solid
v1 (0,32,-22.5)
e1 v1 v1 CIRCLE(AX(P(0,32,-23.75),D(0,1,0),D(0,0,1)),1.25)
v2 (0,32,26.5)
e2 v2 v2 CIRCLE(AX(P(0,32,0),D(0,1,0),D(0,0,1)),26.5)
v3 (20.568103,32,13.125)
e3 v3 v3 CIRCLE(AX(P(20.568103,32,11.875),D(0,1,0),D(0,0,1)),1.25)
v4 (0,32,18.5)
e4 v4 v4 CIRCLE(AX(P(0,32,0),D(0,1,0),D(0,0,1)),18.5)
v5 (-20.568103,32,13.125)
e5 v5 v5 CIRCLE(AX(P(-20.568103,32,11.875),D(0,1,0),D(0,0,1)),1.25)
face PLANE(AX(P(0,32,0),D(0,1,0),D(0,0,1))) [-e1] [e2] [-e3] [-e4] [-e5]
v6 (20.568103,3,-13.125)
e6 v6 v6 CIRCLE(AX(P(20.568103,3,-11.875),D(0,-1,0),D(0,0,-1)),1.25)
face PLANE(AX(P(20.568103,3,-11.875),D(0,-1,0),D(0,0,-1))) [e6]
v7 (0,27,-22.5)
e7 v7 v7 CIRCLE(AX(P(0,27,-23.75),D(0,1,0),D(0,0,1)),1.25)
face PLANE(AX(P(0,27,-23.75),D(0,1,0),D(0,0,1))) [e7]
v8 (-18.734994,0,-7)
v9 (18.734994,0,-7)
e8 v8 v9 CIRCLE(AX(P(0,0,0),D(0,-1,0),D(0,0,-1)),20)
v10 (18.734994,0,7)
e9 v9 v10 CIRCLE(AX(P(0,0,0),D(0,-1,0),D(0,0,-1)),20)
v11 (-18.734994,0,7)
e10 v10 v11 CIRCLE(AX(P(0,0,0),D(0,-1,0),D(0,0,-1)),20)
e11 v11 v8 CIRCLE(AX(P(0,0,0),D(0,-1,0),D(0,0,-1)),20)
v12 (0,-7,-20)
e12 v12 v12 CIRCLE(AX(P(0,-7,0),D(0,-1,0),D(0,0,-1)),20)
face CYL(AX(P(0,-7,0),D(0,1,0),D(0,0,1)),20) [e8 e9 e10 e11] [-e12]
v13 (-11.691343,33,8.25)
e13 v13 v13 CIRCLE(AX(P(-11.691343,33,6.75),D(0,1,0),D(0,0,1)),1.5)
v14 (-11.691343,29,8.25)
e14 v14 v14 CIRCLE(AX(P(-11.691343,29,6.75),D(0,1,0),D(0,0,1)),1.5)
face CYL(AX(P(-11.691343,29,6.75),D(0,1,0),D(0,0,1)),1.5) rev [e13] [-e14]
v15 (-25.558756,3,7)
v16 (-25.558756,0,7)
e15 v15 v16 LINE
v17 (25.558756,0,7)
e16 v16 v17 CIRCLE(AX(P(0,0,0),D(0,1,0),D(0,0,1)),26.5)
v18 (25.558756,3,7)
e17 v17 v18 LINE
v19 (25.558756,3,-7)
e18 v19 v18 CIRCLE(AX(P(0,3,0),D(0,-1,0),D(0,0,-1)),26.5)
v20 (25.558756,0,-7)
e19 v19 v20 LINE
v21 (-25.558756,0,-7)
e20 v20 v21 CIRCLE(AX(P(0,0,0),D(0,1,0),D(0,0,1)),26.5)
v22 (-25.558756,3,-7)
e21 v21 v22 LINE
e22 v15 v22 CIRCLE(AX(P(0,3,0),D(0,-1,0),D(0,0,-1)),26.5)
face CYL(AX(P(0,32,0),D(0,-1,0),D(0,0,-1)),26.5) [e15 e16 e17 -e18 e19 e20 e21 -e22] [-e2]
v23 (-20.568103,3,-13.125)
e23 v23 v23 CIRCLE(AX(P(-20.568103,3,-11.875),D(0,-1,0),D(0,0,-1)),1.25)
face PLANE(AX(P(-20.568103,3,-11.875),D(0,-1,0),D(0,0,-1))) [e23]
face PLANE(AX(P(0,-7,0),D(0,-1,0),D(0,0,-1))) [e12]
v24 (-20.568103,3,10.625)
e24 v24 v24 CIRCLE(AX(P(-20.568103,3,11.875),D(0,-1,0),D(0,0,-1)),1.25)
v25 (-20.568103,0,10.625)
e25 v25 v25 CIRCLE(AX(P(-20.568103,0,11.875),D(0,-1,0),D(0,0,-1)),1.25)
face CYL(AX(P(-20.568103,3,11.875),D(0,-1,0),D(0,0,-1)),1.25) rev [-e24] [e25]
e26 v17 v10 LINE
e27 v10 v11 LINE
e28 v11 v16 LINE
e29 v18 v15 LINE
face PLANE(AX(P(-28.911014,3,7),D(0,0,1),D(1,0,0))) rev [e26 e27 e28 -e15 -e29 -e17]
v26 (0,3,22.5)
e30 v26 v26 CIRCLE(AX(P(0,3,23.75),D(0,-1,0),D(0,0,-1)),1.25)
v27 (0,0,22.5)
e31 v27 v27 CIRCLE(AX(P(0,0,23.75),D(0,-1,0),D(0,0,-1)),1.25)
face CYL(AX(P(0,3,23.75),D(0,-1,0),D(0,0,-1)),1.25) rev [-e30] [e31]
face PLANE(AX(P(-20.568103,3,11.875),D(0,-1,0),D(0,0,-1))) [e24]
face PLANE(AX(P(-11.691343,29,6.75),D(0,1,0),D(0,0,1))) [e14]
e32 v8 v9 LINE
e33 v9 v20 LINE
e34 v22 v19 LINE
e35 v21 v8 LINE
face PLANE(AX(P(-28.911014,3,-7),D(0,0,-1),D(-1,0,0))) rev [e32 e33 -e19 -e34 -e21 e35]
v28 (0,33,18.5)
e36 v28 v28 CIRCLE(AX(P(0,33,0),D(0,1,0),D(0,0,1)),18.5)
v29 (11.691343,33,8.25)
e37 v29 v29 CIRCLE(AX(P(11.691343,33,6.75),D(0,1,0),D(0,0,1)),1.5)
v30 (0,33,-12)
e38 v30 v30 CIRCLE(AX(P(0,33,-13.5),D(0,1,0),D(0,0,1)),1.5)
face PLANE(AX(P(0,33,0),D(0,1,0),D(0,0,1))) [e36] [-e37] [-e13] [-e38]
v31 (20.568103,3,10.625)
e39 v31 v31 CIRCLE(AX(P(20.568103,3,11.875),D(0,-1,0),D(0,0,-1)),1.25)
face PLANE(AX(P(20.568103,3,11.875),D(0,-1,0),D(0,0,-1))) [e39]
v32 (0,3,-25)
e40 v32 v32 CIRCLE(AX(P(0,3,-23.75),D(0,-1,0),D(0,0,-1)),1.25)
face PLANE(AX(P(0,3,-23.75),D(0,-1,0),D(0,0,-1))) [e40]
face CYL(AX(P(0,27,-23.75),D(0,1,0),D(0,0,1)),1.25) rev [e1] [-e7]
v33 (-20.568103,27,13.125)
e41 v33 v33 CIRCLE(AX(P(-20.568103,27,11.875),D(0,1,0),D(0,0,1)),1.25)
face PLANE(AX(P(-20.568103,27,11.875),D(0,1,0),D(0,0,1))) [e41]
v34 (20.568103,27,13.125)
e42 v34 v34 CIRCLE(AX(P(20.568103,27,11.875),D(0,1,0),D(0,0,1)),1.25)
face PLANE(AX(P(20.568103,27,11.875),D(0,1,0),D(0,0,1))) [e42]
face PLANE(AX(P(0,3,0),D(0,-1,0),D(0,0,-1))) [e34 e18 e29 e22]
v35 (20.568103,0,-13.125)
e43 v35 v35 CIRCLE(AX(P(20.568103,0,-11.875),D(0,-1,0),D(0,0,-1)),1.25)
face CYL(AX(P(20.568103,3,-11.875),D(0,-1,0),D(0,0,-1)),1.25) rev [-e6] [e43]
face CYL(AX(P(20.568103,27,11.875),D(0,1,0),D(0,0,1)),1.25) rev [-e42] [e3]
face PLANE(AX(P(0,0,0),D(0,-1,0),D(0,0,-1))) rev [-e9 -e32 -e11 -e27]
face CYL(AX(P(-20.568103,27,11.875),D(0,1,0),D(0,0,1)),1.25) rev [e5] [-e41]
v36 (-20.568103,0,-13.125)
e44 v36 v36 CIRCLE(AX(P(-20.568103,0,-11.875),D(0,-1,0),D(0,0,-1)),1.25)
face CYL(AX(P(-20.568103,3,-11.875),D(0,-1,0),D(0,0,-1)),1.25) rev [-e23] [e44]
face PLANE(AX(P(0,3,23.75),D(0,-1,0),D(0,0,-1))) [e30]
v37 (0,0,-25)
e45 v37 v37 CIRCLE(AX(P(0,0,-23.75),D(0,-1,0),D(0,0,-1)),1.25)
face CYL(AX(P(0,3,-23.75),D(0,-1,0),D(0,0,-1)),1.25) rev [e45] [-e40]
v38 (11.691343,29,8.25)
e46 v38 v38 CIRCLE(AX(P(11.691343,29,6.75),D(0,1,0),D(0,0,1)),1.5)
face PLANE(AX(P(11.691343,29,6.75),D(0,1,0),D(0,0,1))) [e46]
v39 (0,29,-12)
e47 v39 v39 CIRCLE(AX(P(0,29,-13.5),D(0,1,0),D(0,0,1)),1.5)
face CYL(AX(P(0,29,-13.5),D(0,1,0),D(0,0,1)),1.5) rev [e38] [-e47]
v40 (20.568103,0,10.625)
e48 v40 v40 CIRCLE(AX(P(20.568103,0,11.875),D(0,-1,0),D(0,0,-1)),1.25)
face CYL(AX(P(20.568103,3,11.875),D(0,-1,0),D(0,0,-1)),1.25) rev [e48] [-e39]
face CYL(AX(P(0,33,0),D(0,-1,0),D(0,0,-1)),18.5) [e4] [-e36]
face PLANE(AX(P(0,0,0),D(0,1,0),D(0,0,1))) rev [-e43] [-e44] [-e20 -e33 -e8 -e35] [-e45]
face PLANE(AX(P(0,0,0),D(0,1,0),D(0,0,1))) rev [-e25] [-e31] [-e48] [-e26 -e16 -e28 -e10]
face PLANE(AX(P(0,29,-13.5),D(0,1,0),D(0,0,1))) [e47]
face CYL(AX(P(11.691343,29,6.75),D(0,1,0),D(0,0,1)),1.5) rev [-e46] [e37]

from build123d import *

# Parameters (mm, degrees)
SKETCH1_R           = 26.5
BOSS_EXTRUDE1_DEPTH = 32
SKETCH2_R           = 20
BOSS_EXTRUDE2_DEPTH = 7
SKETCH3_R           = 18.5
BOSS_EXTRUDE3_DEPTH = 1
SKETCH4_R           = 1.25
CUT_EXTRUDE1_DEPTH  = 3
SKETCH5_R           = 1.5
CUT_EXTRUDE2_DEPTH  = 4
CUT_EXTRUDE3_START  = -5
SKETCH6_R           = 1.25
CUT_EXTRUDE3_DEPTH  = 5
SKETCH7_W           = 60.119067385
SKETCH7_H           = 14
CUT_EXTRUDE4_DEPTH  = 3


with BuildPart() as part:
    # Sketch1 → Boss-Extrude1 (new body)
    with BuildSketch(Plane(origin=(0, 0, 0), x_dir=(1, 0, 0), z_dir=(0, 1, 0))):
        with Locations(Location((0, 0, 0), (0, 0, 270))):
            Circle(SKETCH1_R)
    extrude(amount=BOSS_EXTRUDE1_DEPTH)

    # Sketch2 → Boss-Extrude2 (add)
    with BuildSketch(Plane.XZ):
        with Locations(Location((0, 0, 0), (0, 0, 270))):
            Circle(SKETCH2_R)
    extrude(amount=BOSS_EXTRUDE2_DEPTH)

    # Sketch3 → Boss-Extrude3 (add)
    with BuildSketch(Plane(origin=(0, 32, 0), x_dir=(1, 0, 0), z_dir=(0, 1, 0))):
        with Locations(Location((0, 0, 0), (0, 0, 270))):
            Circle(SKETCH3_R)
    extrude(amount=BOSS_EXTRUDE3_DEPTH)

    # Sketch4 → Cut-Extrude1 (cut)
    with BuildSketch(Plane.XZ):
        with Locations(Location((0, 23.75, 0), (0, 0, 270))):
            Circle(SKETCH4_R)
        with Locations(Location((20.56810334, 11.875, 0), (0, 0, 270))):
            Circle(SKETCH4_R)
        with Locations(Location((20.56810334, -11.875, 0), (0, 0, 270))):
            Circle(SKETCH4_R)
        with Locations(Location((0, -23.75, 0), (0, 0, 270))):
            Circle(SKETCH4_R)
        with Locations(Location((-20.56810334, -11.875, 0), (0, 0, 270))):
            Circle(SKETCH4_R)
        with Locations(Location((-20.56810334, 11.875, 0), (0, 0, 270))):
            Circle(SKETCH4_R)
    extrude(amount=-CUT_EXTRUDE1_DEPTH, mode=Mode.SUBTRACT)

    # Sketch5 → Cut-Extrude2 (cut)
    with BuildSketch(Plane(origin=(0, 33, 0), x_dir=(1, 0, 0), z_dir=(0, 1, 0))):
        with Locations(Location((0, 13.5, 0), (0, 0, 270))):
            Circle(SKETCH5_R)
        with Locations(Location((11.691342951, -6.75, 0), (0, 0, 270))):
            Circle(SKETCH5_R)
        with Locations(Location((-11.691342951, -6.75, 0), (0, 0, 270))):
            Circle(SKETCH5_R)
    extrude(amount=-CUT_EXTRUDE2_DEPTH, mode=Mode.SUBTRACT)

    # Sketch6 → Cut-Extrude3 (cut)
    with BuildSketch(Plane(origin=(0, 32, 0), x_dir=(1, 0, 0), z_dir=(0, 1, 0)).offset(CUT_EXTRUDE3_START)):
        with Locations(Location((0, 23.75, 0), (0, 0, 90))):
            Circle(SKETCH6_R)
        with Locations(Location((20.56810334, -11.875, 0), (0, 0, 90))):
            Circle(SKETCH6_R)
        with Locations(Location((-20.56810334, -11.875, 0), (0, 0, 90))):
            Circle(SKETCH6_R)
    extrude(amount=CUT_EXTRUDE3_DEPTH, mode=Mode.SUBTRACT)

    # Sketch7 → Cut-Extrude4 (cut)
    with BuildSketch(Plane.XZ):
        with Locations((1.148519733, 0)):
            Rectangle(SKETCH7_W, SKETCH7_H)
    extrude(amount=-CUT_EXTRUDE4_DEPTH, mode=Mode.SUBTRACT)


solid = part.part
